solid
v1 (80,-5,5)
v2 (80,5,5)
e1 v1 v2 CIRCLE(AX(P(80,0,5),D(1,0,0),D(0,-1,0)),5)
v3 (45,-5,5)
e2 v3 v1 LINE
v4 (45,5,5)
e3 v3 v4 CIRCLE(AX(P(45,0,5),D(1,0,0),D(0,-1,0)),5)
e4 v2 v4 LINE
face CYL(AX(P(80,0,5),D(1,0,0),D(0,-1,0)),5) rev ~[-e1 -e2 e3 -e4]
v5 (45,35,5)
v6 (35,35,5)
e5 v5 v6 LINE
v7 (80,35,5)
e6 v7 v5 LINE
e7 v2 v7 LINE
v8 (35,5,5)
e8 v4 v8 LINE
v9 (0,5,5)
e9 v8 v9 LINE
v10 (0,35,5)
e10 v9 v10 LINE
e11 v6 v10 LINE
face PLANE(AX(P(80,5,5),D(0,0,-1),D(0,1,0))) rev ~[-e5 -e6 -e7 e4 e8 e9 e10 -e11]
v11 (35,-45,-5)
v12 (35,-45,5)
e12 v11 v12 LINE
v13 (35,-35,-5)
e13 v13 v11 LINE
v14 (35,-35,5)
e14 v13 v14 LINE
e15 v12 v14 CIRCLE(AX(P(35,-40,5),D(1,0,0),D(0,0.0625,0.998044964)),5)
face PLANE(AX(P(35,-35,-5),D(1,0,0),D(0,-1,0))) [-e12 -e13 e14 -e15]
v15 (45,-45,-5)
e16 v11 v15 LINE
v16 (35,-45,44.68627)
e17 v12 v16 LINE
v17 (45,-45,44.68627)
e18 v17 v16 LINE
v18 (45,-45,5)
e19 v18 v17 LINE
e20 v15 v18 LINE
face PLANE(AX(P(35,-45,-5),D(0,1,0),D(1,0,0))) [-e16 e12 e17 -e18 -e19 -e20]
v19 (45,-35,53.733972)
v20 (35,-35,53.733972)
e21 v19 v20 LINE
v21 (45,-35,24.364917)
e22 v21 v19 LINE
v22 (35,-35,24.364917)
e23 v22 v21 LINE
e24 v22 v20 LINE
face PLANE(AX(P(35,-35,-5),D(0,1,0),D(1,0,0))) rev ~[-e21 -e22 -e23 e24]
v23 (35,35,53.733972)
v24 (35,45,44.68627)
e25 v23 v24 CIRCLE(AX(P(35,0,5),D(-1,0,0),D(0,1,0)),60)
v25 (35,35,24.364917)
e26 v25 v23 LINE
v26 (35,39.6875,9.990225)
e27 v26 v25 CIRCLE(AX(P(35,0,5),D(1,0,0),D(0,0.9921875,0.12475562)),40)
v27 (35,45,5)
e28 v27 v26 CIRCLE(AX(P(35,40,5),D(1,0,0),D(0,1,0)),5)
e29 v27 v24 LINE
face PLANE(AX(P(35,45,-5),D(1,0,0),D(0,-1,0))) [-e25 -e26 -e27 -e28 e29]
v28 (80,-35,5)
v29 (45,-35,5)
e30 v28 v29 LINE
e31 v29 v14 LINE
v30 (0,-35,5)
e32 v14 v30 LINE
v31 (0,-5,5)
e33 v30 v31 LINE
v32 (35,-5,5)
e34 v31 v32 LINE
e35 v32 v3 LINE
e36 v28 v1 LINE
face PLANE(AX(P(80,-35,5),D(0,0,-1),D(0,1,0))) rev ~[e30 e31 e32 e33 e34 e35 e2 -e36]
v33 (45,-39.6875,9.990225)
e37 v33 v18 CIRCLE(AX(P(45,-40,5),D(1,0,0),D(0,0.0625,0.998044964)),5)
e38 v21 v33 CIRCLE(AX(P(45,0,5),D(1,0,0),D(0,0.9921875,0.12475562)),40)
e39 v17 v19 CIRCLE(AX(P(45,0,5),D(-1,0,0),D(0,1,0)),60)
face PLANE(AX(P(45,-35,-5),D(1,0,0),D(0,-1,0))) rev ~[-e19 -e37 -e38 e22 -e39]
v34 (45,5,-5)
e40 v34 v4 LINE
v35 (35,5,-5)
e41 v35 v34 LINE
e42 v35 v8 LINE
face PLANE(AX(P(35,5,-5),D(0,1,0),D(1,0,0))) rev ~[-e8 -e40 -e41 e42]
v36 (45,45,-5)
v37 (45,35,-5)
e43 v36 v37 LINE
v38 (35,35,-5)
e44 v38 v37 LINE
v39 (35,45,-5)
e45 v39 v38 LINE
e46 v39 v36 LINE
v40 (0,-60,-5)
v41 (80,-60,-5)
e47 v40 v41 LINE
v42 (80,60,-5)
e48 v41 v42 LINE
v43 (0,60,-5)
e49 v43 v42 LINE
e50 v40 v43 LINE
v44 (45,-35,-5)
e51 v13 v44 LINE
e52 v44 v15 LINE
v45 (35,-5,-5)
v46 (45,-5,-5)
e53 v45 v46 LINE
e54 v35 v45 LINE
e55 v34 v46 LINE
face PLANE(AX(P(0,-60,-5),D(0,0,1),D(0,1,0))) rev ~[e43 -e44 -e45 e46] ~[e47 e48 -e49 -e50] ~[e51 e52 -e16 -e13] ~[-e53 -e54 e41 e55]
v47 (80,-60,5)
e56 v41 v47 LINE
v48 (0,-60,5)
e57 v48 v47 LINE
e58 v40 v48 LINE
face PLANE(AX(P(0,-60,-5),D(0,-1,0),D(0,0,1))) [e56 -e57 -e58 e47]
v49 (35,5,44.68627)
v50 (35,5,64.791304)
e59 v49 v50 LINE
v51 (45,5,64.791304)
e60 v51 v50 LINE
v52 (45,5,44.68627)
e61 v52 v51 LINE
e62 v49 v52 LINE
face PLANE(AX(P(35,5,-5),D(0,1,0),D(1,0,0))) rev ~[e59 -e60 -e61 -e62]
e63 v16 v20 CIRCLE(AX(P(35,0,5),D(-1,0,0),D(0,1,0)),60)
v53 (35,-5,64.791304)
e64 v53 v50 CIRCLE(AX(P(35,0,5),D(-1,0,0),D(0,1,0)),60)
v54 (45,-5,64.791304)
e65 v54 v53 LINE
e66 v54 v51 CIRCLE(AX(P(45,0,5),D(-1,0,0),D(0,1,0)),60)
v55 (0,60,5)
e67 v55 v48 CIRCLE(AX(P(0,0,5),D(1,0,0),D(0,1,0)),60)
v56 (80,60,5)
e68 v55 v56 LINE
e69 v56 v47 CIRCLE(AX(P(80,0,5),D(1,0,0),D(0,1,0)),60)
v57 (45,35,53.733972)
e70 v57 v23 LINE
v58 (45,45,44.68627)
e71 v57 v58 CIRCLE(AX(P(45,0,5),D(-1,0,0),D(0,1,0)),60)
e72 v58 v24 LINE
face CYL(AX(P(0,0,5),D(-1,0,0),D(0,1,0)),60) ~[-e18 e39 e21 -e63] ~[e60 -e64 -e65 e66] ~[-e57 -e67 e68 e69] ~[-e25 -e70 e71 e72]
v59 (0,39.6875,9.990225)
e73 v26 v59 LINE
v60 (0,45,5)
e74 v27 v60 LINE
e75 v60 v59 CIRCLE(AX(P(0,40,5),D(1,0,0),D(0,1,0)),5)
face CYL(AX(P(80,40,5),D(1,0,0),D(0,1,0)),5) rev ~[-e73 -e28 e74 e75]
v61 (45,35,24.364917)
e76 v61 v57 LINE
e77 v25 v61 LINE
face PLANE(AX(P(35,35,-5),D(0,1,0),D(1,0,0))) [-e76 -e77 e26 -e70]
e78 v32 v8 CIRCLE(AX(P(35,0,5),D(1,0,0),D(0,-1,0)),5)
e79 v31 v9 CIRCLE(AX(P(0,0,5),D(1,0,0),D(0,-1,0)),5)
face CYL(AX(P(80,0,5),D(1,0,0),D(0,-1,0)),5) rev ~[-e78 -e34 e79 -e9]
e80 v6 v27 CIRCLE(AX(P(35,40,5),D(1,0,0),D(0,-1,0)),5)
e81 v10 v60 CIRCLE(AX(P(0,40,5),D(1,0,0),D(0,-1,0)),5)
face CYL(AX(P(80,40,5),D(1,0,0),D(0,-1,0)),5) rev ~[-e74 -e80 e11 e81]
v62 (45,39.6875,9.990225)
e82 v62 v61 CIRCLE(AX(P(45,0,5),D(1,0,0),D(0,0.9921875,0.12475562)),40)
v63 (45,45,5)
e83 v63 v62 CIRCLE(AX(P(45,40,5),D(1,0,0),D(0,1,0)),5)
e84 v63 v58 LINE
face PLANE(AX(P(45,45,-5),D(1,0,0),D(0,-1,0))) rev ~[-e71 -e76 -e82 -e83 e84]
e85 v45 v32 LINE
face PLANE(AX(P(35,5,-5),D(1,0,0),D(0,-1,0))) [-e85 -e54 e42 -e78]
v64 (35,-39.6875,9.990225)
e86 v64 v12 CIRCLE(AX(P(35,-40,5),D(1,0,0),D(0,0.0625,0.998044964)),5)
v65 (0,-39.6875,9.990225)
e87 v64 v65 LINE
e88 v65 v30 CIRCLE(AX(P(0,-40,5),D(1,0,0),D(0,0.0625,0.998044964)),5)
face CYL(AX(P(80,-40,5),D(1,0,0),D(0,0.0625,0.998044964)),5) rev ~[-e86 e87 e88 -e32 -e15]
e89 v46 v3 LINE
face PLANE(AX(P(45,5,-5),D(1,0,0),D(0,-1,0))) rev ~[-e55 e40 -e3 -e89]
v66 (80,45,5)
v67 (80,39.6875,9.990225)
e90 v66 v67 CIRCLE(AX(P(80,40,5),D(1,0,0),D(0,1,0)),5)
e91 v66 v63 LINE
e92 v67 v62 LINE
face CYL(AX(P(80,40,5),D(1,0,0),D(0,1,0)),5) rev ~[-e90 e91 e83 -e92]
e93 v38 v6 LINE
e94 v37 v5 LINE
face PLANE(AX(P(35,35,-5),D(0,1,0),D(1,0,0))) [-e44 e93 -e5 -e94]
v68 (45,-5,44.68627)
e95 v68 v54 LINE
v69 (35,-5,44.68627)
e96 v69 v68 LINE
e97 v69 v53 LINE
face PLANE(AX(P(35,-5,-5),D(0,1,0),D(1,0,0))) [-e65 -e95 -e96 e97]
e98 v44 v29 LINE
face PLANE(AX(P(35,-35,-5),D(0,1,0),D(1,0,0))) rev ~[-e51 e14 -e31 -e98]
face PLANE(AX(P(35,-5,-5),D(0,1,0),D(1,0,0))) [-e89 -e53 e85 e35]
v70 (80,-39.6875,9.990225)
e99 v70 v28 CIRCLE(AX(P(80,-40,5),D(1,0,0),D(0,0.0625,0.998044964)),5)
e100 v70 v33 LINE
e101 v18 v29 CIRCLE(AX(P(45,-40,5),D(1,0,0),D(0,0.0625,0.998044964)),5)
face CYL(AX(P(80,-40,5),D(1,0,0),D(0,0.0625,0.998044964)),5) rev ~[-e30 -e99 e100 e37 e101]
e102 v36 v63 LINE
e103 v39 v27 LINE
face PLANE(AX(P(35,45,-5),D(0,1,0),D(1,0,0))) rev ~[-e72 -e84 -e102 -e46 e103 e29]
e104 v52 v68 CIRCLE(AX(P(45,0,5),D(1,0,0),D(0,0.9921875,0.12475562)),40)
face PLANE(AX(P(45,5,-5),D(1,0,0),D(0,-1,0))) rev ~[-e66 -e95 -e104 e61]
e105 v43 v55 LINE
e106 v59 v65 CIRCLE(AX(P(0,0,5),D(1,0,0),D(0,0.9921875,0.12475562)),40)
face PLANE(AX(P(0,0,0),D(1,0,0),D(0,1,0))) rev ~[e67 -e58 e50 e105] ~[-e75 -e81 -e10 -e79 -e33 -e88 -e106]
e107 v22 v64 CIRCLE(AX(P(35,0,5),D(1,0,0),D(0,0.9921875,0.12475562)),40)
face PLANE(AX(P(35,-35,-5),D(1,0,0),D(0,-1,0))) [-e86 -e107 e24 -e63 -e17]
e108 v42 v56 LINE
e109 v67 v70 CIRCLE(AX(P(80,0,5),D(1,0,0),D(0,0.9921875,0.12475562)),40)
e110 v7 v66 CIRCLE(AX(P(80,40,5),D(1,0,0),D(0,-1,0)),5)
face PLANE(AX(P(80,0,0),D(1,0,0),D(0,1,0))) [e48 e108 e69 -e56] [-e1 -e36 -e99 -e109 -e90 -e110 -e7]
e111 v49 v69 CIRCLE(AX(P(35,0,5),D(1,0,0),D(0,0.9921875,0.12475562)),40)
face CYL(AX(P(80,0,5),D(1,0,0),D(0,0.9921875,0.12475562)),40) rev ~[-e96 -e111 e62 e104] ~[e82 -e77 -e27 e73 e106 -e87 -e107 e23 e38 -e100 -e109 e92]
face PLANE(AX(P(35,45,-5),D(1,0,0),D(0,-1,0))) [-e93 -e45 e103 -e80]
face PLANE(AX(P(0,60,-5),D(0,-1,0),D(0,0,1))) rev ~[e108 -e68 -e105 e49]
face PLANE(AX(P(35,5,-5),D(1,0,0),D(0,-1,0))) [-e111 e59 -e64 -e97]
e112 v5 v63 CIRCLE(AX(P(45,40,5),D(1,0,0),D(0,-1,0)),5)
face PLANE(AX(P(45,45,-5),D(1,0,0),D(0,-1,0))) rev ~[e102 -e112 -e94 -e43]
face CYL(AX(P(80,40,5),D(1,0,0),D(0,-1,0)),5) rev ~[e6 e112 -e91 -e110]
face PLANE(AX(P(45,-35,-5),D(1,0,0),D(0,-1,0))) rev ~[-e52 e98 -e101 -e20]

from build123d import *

# Parameters (mm, degrees)
F0_W     = 120
F0_H     = 10
F1_DEPTH = 80
F3_DEPTH = 80.001
F4_DEPTH = 25
F5_W     = 10
F5_H     = 10
F6_DEPTH = 70.001


with BuildPart() as f1:
    # F0 (on Right) → F1 (new body)
    with BuildSketch(Plane.YZ):
        Rectangle(F0_W, F0_H)
        with BuildLine():
            ThreePointArc((60, 5), (0, 65), (-60, 5))
            Line((-60, 5), (60, 5))
        make_face()
    extrude(amount=F1_DEPTH)

    # F2 (on face) → F3 (cut, through all)
    with BuildSketch(Plane.YZ.offset(80)):
        with BuildLine():
            Line((-5, 5), (5, 5))
            ThreePointArc((5, 5), (0, 10), (-5, 5))
        make_face()
        with BuildLine():
            ThreePointArc((-5, 5), (0, 0), (5, 5))
            Line((5, 5), (-5, 5))
        make_face()
        with BuildLine():
            ThreePointArc((-5, 5), (0, 10), (5, 5))
            Line((5, 5), (35, 5))
            ThreePointArc((35, 5), (36.3556550657, 8.4232659844), (39.6875, 9.9902248196))
            ThreePointArc((39.6875, 9.9902248196), (0, 45), (-39.6875, 9.9902248196))
            ThreePointArc((-39.6875, 9.9902248196), (-36.3556550657, 8.4232659844), (-35, 5))
            Line((-35, 5), (-5, 5))
        make_face()
        with BuildLine():
            Line((40, 5), (35, 5))
            ThreePointArc((35, 5), (40, 0), (45, 5))
            ThreePointArc((45, 5), (43.4232659844, 8.6443449343), (39.6875, 9.9902248196))
            ThreePointArc((39.6875, 9.9902248196), (39.9217985567, 7.5), (40, 5))
        make_face()
        with BuildLine():
            ThreePointArc((39.6875, 9.9902248196), (36.3556550657, 8.4232659844), (35, 5))
            Line((35, 5), (40, 5))
            ThreePointArc((40, 5), (39.9217985567, 7.5), (39.6875, 9.9902248196))
        make_face()
        with BuildLine():
            Line((-40, 5), (-35, 5))
            ThreePointArc((-35, 5), (-36.3556550657, 8.4232659844), (-39.6875, 9.9902248196))
            ThreePointArc((-39.6875, 9.9902248196), (-39.9217985567, 7.5), (-40, 5))
        make_face()
        with BuildLine():
            ThreePointArc((-39.6875, 9.9902248196), (-43.6443449343, 1.5767340156), (-35, 5))
            Line((-35, 5), (-40, 5))
            ThreePointArc((-40, 5), (-39.9217985567, 7.5), (-39.6875, 9.9902248196))
        make_face()
    extrude(amount=-F3_DEPTH, mode=Mode.SUBTRACT)

    # F2 (on face) → F4 (cut)
    with BuildSketch(Plane.YZ.offset(80)):
        with BuildLine():
            Line((-5, 5), (5, 5))
            ThreePointArc((5, 5), (0, 10), (-5, 5))
        make_face()
        with BuildLine():
            ThreePointArc((-5, 5), (0, 0), (5, 5))
            Line((5, 5), (-5, 5))
        make_face()
        with BuildLine():
            ThreePointArc((-5, 5), (0, 10), (5, 5))
            Line((5, 5), (35, 5))
            ThreePointArc((35, 5), (36.3556550657, 8.4232659844), (39.6875, 9.9902248196))
            ThreePointArc((39.6875, 9.9902248196), (0, 45), (-39.6875, 9.9902248196))
            ThreePointArc((-39.6875, 9.9902248196), (-36.3556550657, 8.4232659844), (-35, 5))
            Line((-35, 5), (-5, 5))
        make_face()
        with BuildLine():
            Line((40, 5), (35, 5))
            ThreePointArc((35, 5), (40, 0), (45, 5))
            ThreePointArc((45, 5), (43.4232659844, 8.6443449343), (39.6875, 9.9902248196))
            ThreePointArc((39.6875, 9.9902248196), (39.9217985567, 7.5), (40, 5))
        make_face()
        with BuildLine():
            ThreePointArc((39.6875, 9.9902248196), (36.3556550657, 8.4232659844), (35, 5))
            Line((35, 5), (40, 5))
            ThreePointArc((40, 5), (39.9217985567, 7.5), (39.6875, 9.9902248196))
        make_face()
        with BuildLine():
            Line((-40, 5), (-35, 5))
            ThreePointArc((-35, 5), (-36.3556550657, 8.4232659844), (-39.6875, 9.9902248196))
            ThreePointArc((-39.6875, 9.9902248196), (-39.9217985567, 7.5), (-40, 5))
        make_face()
        with BuildLine():
            ThreePointArc((-39.6875, 9.9902248196), (-43.6443449343, 1.5767340156), (-35, 5))
            Line((-35, 5), (-40, 5))
            ThreePointArc((-40, 5), (-39.9217985567, 7.5), (-39.6875, 9.9902248196))
        make_face()
    extrude(amount=-F4_DEPTH, mode=Mode.SUBTRACT)

    # F5 (on face) → F6 (cut, through all)
    with BuildSketch(Plane(origin=(0, 0, -5), x_dir=(1, 0, 0), z_dir=(0, 0, -1))):
        with Locations((40, 40)):
            Rectangle(F5_W, F5_H)
        with Locations((40, 0)):
            Rectangle(F5_W, F5_H)
        with Locations((40, -40)):
            Rectangle(F5_W, F5_H)
    extrude(amount=-F6_DEPTH, mode=Mode.SUBTRACT)


solid = f1.part
